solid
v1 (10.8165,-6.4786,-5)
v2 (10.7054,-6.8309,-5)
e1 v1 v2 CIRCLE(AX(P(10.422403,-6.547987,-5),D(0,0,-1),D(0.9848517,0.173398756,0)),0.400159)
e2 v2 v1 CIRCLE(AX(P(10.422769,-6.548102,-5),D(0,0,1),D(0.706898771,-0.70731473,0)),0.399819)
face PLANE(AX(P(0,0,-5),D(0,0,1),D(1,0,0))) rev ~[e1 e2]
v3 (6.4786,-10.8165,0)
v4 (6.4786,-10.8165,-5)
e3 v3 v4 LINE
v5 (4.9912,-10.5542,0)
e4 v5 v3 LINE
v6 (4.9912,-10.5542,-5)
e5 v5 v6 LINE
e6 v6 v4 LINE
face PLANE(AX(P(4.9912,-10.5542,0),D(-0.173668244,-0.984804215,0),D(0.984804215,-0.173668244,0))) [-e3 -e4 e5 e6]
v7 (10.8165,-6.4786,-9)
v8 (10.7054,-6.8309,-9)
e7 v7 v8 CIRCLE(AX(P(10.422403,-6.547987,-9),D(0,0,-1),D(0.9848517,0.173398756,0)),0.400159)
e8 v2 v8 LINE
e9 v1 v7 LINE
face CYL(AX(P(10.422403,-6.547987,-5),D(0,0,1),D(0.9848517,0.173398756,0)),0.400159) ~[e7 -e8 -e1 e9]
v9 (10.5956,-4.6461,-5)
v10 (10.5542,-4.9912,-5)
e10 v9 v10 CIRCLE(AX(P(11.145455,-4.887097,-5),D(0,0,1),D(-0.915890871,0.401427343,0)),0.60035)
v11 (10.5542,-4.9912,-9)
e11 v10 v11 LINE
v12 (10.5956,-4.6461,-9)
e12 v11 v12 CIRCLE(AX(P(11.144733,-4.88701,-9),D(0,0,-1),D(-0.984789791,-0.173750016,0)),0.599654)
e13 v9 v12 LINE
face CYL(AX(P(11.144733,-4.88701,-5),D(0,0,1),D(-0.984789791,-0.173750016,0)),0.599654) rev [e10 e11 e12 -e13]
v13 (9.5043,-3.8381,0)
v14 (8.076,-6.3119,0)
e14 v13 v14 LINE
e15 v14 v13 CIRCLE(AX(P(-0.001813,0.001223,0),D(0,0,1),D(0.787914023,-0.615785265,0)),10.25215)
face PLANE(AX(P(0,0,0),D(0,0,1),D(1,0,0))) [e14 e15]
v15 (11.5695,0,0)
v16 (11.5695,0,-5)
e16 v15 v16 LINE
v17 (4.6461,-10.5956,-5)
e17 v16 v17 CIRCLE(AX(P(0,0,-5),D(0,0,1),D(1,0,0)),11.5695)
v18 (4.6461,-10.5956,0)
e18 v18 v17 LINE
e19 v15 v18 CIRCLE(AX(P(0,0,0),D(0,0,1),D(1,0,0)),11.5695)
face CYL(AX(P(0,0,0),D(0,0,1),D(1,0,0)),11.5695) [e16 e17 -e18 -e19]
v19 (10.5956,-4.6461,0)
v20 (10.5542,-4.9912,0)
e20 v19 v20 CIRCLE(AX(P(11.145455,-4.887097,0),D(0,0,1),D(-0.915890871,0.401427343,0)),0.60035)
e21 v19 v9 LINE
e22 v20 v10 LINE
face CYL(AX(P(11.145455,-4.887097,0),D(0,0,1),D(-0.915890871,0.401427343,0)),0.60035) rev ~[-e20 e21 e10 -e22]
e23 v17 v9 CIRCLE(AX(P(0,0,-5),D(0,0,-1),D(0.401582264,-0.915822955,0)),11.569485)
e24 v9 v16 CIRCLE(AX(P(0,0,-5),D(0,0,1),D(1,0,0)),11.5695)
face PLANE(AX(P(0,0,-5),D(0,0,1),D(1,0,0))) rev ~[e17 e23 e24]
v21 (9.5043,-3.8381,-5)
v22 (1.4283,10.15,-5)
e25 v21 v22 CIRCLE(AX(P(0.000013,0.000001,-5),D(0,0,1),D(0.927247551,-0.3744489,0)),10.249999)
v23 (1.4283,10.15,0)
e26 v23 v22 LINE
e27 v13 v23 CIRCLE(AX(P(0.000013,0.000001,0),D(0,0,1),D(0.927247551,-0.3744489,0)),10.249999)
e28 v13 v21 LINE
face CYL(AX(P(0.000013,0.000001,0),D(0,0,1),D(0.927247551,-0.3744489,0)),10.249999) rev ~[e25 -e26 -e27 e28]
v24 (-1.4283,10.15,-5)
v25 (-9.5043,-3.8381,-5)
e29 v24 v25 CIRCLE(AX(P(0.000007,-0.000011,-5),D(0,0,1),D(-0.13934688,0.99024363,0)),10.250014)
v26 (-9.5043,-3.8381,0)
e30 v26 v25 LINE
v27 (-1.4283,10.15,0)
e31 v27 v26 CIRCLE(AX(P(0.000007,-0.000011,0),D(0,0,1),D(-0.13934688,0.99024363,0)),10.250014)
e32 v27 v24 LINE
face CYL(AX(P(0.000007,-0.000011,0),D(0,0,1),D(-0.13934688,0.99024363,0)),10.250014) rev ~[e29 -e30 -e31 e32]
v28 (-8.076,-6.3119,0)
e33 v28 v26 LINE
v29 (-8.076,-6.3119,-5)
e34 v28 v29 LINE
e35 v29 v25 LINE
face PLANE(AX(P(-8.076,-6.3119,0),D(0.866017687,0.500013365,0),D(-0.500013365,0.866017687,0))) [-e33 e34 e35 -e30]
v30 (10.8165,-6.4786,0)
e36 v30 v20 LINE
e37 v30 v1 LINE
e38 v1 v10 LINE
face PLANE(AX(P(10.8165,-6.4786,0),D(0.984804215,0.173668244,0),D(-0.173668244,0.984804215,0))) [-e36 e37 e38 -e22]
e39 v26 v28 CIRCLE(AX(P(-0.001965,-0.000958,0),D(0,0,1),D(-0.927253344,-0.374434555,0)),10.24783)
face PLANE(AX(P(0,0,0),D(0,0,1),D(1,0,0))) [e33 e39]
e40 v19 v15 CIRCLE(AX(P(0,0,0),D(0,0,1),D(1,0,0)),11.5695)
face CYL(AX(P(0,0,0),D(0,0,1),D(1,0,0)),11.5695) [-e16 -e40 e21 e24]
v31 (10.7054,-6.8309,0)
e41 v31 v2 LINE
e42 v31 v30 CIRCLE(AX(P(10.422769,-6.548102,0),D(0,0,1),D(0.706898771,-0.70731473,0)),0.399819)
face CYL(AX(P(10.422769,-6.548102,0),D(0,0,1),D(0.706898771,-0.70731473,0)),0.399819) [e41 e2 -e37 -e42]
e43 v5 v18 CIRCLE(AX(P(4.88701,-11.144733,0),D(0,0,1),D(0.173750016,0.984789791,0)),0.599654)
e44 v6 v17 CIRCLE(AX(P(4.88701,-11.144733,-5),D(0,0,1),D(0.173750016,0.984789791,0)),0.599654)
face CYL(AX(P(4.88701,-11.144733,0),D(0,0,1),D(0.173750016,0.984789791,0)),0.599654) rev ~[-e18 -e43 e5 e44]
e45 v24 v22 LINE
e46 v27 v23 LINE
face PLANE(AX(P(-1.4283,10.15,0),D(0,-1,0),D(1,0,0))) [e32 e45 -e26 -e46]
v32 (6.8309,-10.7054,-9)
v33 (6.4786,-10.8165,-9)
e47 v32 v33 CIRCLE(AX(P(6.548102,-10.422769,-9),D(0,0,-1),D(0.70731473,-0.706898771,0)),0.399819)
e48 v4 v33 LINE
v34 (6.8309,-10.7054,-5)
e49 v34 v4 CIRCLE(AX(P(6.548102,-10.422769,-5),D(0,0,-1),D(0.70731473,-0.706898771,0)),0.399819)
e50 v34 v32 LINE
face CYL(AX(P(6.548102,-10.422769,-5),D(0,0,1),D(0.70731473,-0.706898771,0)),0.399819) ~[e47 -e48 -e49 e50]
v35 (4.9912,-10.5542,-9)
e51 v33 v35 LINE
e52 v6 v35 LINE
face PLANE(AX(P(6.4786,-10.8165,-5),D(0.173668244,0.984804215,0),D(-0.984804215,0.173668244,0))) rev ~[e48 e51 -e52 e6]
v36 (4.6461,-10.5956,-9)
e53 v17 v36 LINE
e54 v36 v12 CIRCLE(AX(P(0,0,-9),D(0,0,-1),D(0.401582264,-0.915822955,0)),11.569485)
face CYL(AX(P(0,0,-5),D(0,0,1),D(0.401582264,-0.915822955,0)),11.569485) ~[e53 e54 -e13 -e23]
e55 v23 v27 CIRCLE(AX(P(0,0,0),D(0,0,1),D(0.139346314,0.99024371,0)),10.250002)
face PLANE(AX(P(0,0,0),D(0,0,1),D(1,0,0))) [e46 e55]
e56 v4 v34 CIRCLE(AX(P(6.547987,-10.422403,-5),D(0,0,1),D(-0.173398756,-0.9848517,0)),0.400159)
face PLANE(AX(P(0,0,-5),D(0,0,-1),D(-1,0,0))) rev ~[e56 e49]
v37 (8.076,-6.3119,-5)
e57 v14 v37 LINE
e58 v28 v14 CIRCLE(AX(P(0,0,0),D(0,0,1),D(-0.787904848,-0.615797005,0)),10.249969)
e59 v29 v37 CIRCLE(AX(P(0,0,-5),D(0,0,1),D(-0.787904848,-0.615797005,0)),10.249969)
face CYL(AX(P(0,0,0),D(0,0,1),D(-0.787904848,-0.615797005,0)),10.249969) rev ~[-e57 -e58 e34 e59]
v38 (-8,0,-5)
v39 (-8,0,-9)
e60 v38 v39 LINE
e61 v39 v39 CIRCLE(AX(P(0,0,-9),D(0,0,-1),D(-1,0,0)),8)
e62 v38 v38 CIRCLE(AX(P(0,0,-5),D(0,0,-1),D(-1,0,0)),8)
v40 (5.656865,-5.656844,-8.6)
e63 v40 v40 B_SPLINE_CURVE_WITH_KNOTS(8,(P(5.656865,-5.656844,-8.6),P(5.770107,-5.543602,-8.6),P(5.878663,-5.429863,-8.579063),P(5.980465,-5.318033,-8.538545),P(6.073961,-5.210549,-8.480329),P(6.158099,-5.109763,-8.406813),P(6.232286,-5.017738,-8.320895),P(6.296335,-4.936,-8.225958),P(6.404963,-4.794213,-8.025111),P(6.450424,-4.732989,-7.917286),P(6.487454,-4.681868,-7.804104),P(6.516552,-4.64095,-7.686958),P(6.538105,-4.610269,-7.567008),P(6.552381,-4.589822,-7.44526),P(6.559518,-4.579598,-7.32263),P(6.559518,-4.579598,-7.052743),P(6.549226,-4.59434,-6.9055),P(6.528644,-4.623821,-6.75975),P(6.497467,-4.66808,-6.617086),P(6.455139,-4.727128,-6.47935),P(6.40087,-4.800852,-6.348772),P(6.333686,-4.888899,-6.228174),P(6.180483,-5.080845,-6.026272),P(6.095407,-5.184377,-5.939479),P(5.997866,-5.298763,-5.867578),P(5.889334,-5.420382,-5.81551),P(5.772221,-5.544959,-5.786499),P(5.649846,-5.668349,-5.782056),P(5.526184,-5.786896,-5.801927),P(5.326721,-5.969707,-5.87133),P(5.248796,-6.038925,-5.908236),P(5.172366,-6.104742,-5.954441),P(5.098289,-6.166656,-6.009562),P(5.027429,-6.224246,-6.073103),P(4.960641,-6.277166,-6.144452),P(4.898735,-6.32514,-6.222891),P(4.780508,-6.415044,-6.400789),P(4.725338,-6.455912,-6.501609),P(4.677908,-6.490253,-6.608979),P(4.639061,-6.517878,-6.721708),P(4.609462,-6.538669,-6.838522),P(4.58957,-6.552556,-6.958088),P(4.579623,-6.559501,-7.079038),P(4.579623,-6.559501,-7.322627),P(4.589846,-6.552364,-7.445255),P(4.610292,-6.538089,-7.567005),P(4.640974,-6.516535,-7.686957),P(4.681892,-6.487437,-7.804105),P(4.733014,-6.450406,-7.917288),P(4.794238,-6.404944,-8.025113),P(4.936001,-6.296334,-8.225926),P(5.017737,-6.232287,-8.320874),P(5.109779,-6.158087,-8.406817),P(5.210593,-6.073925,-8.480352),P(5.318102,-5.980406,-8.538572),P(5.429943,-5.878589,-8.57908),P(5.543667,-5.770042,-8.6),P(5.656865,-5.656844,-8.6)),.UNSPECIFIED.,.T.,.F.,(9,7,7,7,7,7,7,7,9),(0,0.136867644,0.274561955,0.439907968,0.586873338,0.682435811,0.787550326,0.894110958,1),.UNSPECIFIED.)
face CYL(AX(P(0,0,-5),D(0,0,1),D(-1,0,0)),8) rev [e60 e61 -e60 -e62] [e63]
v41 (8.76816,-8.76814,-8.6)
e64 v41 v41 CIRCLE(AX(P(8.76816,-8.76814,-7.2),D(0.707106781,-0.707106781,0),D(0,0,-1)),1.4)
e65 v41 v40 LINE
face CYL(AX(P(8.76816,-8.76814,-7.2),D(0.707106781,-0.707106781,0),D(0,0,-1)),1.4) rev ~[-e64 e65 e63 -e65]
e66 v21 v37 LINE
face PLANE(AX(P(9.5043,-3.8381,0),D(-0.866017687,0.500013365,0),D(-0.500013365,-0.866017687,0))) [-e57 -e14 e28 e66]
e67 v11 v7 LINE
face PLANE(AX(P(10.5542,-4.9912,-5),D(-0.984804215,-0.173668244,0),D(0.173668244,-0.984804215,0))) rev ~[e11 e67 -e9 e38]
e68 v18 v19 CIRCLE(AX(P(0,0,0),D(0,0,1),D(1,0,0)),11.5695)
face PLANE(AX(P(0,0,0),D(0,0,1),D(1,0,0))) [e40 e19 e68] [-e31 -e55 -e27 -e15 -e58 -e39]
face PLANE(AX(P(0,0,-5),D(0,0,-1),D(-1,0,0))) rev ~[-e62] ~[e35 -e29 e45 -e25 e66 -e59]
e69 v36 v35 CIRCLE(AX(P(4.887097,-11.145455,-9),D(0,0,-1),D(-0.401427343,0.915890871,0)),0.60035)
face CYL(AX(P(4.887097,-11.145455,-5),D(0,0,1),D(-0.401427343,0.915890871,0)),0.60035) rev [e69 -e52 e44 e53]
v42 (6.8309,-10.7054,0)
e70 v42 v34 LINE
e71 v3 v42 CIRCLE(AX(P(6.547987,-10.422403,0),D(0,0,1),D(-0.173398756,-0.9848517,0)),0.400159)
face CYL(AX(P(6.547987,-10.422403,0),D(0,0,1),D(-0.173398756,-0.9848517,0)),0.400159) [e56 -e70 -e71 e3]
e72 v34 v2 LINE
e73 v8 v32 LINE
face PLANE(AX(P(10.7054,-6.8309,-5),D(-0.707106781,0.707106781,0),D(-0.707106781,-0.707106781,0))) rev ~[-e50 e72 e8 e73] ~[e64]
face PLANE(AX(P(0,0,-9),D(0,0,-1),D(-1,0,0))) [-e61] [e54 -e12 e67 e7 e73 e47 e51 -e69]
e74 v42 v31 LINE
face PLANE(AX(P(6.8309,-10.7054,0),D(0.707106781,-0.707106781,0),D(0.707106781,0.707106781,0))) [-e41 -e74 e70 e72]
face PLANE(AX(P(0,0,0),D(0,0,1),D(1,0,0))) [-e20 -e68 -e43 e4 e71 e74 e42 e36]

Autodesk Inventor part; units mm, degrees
ref_plane "YZ Plane" through (0, 0, 0) normal (1, 0, 0) x (0, 1, 0)
ref_plane "XZ Plane" through (0, 0, 0) normal (0, 1, 0) x (-1, 0, 0)
ref_plane "XY Plane" through (0, 0, 0) normal (0, 0, 1) x (1, 0, 0)
sketch "Sketch1" plane through (0, 0, 0) normal (0, 0, 1) x (1, 0, 0)
  line L0 (9.6801, -14.008) -> (7.2052, -11.5331) construction
  line L1 (7.2052, -11.5331) -> (11.5893, -7.1491) construction
  line L2 (11.5893, -7.1491) -> (14.0642, -9.6239) construction
  line L3 (14.0642, -9.6239) -> (9.6801, -14.008) construction
  arc A0 (12.6369, -4.7496) -> (4.7496, -12.6369) centre (0, 0) ccw construction
  line L4 (10.9298, -3.0424) -> (12.6369, -4.7496) construction
  line L5 (11.6618, -4.6122) -> (10.9298, -3.0424) construction
  arc A1 (11.6618, -4.6122) -> (10.8551, -4.47) centre (11.2086, -4.8235) ccw construction
  line L6 (10.7915, -4.5335) -> (10.8551, -4.47) construction
  arc A2 (10.7915, -4.5335) -> (10.6527, -4.9738) centre (11.1451, -4.887) ccw construction
  line L7 (10.915, -6.4612) -> (10.6527, -4.9738) construction
  arc A3 (10.7761, -6.9016) -> (10.915, -6.4612) centre (10.4226, -6.548) ccw construction
  line L8 (6.9016, -10.7761) -> (10.7761, -6.9016) construction
  arc A4 (6.4612, -10.915) -> (6.9016, -10.7761) centre (6.548, -10.4226) ccw construction
  line L9 (6.4612, -10.915) -> (4.9738, -10.6527) construction
  arc A5 (4.9738, -10.6527) -> (4.5335, -10.7915) centre (4.887, -11.1451) ccw construction
  line L10 (4.5335, -10.7915) -> (4.47, -10.8551) construction
  arc A6 (4.47, -10.8551) -> (4.6122, -11.6618) centre (4.8235, -11.2086) ccw construction
  line L11 (4.6122, -11.6618) -> (3.0424, -10.9298) construction
  line L12 (3.0424, -10.9298) -> (4.7496, -12.6369) construction
  line L13 (-1.7167, -14.6498) -> (-1.7167, -17.5) construction
  line L14 (-1.7167, -17.5) -> (1.7167, -17.5) construction
  line L15 (1.7167, -14.6498) -> (1.7167, -17.5) construction
  arc A7 (1.7167, -14.6498) -> (6.9595, -13.0049) centre (0, 0) ccw construction
  arc A8 (6.9595, -13.0049) -> (8.2728, -15.1789) centre (8.2994, -13.6792) ccw construction
  line L16 (8.2728, -15.1789) -> (7.6816, -15.1684) construction
  arc A9 (8.5249, -17.8901) -> (7.6816, -15.1684) centre (7.655, -16.6682) ccw construction
  line L17 (8.5249, -17.8901) -> (13.5161, -14.3366) construction
  line L18 (13.5161, -14.3366) -> (13.5161, -12.2823) construction
  line L19 (13.5161, -12.2823) -> (14.6168, -12.2823) construction
  line L20 (14.6168, -12.2823) -> (14.6168, -1.9776) construction
  arc A10 (14.6168, -1.9776) -> (1.7167, 14.6498) centre (0, 0) ccw construction
  line L21 (1.7167, 14.6498) -> (1.7167, 17.5) construction
  line L22 (-1.7167, 17.5) -> (1.7167, 17.5) construction
  line L23 (-1.7167, 14.6498) -> (-1.7167, 17.5) construction
  arc A11 (-1.7167, 14.6498) -> (-14.2817, -3.6872) centre (0, 0) ccw construction
  line L24 (-14.2817, -3.6872) -> (-15.4135, -5.7935) construction
  arc A12 (-15.4135, -5.7935) -> (-14.5984, -8.502) centre (-13.6517, -6.7402) ccw construction
  line L25 (-14.5984, -8.502) -> (-9.6326, -11.1703) construction
  arc A13 (-9.6326, -11.1703) -> (-1.7167, -14.6498) centre (0, 0) ccw construction
  line L26 (-24.6, 24.6) -> (25.2, -25.2) construction
  line L27 (25.2, 24.6) -> (-24.6, -25.2) construction
  arc A14 (-1.4283, 10.15) -> (-9.5043, -3.8381) centre (0, 0) ccw
  circle A15 centre (0, 0) radius 10.1 construction
  line L28 (-1.4283, 10.15) -> (1.4283, 10.15)
  line L29 (-8.076, -6.3119) -> (-9.5043, -3.8381)
  line L30 (9.5043, -3.8381) -> (8.076, -6.3119)
  arc A16 (1.4283, 10.15) -> (-1.4283, 10.15) centre (0, 0) ccw
  arc A17 (9.5043, -3.8381) -> (1.4283, 10.15) centre (0, 0) ccw
  arc A18 (8.076, -6.3119) -> (9.5043, -3.8381) centre (0, 0) ccw
  arc A19 (-8.076, -6.3119) -> (8.076, -6.3119) centre (0, 0) ccw
  arc A20 (-9.5043, -3.8381) -> (-8.076, -6.3119) centre (0, 0) ccw
  arc A21 (10.7054, -6.8309) -> (10.8165, -6.4786) centre (10.4226, -6.548) ccw
  line L31 (10.8165, -6.4786) -> (10.5542, -4.9912)
  arc A22 (10.7208, -4.4628) -> (10.5956, -4.6461) centre (11.1451, -4.887) ccw construction
  line L32 (10.7208, -4.4628) -> (10.7844, -4.3992) construction
  arc A23 (11.7601, -5.0598) -> (10.7844, -4.3992) centre (11.2086, -4.8235) ccw construction
  line L33 (11.7601, -5.0598) -> (10.5994, -2.5707) construction
  line L34 (10.5994, -2.5707) -> (12.5972, -4.5684) construction
  arc A24 (12.5972, -4.5684) -> (4.5684, -12.5972) centre (0, 0) ccw construction
  line L35 (4.5684, -12.5972) -> (2.5707, -10.5994) construction
  line L36 (2.5707, -10.5994) -> (4.2491, -11.3821) construction
  arc A25 (4.3992, -10.7844) -> (4.2491, -11.3821) centre (4.8235, -11.2086) ccw construction
  line L37 (4.3992, -10.7844) -> (4.4628, -10.7208) construction
  arc A26 (4.9912, -10.5542) -> (4.6461, -10.5956) centre (4.887, -11.1451) ccw
  line L38 (4.9912, -10.5542) -> (6.4786, -10.8165)
  arc A27 (6.4786, -10.8165) -> (6.8309, -10.7054) centre (6.548, -10.4226) ccw
  line L39 (6.8309, -10.7054) -> (10.7054, -6.8309)
  circle A28 centre (0, 0) radius 11.5695
  arc A29 (4.6461, -10.5956) -> (4.4628, -10.7208) centre (4.887, -11.1451) ccw construction
  arc A30 (10.5956, -4.6461) -> (10.5542, -4.9912) centre (11.1451, -4.887) ccw
  dimension "d4" = 20.2
  dimension "d5" = 10.15
  dimension "d6" = 20.5
  dimension "d9" = 360
  dimension "d11" = 0.1
extrude "Extrusion1" add sketch "Sketch1" against normal blind 5 contours A16 L28 | L29 A20 | A18 L30 | L39 A27 L38 A26 A28 A30 L31 A21 | A28
sketch "Sketch3" plane through (0, 0, -5) normal (0, 0, -1) x (-1, 0, 0)
  line L0 (9.5043, -3.8381) -> (8.076, -6.3119) projected
  arc A0 (-8.076, -6.3119) -> (8.076, -6.3119) centre (0, 0) ccw projected
  line L1 (-8.076, -6.3119) -> (-9.5043, -3.8381) projected
  arc A1 (-1.4283, 10.15) -> (-9.5043, -3.8381) centre (0, 0) ccw projected
  line L2 (-1.4283, 10.15) -> (1.4283, 10.15) projected
  arc A2 (9.5043, -3.8381) -> (1.4283, 10.15) centre (0, 0) ccw projected
  arc A3 (-10.8165, -6.4786) -> (-10.7054, -6.8309) centre (-10.4226, -6.548) ccw projected
  line L3 (-10.7054, -6.8309) -> (-6.8309, -10.7054) projected
  arc A4 (-6.8309, -10.7054) -> (-6.4786, -10.8165) centre (-6.548, -10.4226) ccw projected
  line L4 (-6.4786, -10.8165) -> (-4.9912, -10.5542) projected
  arc A5 (-4.6461, -10.5956) -> (-4.9912, -10.5542) centre (-4.887, -11.1451) ccw projected
  arc A6 (-4.6461, -10.5956) -> (-10.5956, -4.6461) centre (0, 0) ccw projected
  arc A7 (-10.5542, -4.9912) -> (-10.5956, -4.6461) centre (-11.1451, -4.887) ccw projected
  line L5 (-10.5542, -4.9912) -> (-10.8165, -6.4786) projected
  circle A8 centre (0, 0) radius 8
  circle A9 centre (0, 0) radius 10.25
  dimension "d17" = 16
extrude "Extrusion3" add sketch "Sketch3" along normal blind 4 contours A9 L0 | L0 A0 L1 A1 L2 A2 | A9 L1 | L2 A9 | L5 A7 A6 A5 L4 A4 L3 A3
sketch "Sketch4" plane through (6.8309, -10.7054, 0) normal (0.7071, -0.7071, 0) x (0, 0, -1)
  line L0 (0, 0) -> (0, 5.4794) construction
  line L1 (0, 0) -> (9, 0) construction
  line L2 (9, 5.4794) -> (9, 0) construction
  line L3 (0, 5.4794) -> (9, 5.4794) construction
  line L4 (0, 2.7397) -> (9, 2.7397) construction
  circle A0 centre (7.2, 2.7397) radius 1.4
  dimension "d20" = 2.8
  dimension "d21" = 1.8
extrude "Extrusion4" cut sketch "Sketch4" against normal up to surface
properties part number "30_focus_inlet_objective_mount_v7"
